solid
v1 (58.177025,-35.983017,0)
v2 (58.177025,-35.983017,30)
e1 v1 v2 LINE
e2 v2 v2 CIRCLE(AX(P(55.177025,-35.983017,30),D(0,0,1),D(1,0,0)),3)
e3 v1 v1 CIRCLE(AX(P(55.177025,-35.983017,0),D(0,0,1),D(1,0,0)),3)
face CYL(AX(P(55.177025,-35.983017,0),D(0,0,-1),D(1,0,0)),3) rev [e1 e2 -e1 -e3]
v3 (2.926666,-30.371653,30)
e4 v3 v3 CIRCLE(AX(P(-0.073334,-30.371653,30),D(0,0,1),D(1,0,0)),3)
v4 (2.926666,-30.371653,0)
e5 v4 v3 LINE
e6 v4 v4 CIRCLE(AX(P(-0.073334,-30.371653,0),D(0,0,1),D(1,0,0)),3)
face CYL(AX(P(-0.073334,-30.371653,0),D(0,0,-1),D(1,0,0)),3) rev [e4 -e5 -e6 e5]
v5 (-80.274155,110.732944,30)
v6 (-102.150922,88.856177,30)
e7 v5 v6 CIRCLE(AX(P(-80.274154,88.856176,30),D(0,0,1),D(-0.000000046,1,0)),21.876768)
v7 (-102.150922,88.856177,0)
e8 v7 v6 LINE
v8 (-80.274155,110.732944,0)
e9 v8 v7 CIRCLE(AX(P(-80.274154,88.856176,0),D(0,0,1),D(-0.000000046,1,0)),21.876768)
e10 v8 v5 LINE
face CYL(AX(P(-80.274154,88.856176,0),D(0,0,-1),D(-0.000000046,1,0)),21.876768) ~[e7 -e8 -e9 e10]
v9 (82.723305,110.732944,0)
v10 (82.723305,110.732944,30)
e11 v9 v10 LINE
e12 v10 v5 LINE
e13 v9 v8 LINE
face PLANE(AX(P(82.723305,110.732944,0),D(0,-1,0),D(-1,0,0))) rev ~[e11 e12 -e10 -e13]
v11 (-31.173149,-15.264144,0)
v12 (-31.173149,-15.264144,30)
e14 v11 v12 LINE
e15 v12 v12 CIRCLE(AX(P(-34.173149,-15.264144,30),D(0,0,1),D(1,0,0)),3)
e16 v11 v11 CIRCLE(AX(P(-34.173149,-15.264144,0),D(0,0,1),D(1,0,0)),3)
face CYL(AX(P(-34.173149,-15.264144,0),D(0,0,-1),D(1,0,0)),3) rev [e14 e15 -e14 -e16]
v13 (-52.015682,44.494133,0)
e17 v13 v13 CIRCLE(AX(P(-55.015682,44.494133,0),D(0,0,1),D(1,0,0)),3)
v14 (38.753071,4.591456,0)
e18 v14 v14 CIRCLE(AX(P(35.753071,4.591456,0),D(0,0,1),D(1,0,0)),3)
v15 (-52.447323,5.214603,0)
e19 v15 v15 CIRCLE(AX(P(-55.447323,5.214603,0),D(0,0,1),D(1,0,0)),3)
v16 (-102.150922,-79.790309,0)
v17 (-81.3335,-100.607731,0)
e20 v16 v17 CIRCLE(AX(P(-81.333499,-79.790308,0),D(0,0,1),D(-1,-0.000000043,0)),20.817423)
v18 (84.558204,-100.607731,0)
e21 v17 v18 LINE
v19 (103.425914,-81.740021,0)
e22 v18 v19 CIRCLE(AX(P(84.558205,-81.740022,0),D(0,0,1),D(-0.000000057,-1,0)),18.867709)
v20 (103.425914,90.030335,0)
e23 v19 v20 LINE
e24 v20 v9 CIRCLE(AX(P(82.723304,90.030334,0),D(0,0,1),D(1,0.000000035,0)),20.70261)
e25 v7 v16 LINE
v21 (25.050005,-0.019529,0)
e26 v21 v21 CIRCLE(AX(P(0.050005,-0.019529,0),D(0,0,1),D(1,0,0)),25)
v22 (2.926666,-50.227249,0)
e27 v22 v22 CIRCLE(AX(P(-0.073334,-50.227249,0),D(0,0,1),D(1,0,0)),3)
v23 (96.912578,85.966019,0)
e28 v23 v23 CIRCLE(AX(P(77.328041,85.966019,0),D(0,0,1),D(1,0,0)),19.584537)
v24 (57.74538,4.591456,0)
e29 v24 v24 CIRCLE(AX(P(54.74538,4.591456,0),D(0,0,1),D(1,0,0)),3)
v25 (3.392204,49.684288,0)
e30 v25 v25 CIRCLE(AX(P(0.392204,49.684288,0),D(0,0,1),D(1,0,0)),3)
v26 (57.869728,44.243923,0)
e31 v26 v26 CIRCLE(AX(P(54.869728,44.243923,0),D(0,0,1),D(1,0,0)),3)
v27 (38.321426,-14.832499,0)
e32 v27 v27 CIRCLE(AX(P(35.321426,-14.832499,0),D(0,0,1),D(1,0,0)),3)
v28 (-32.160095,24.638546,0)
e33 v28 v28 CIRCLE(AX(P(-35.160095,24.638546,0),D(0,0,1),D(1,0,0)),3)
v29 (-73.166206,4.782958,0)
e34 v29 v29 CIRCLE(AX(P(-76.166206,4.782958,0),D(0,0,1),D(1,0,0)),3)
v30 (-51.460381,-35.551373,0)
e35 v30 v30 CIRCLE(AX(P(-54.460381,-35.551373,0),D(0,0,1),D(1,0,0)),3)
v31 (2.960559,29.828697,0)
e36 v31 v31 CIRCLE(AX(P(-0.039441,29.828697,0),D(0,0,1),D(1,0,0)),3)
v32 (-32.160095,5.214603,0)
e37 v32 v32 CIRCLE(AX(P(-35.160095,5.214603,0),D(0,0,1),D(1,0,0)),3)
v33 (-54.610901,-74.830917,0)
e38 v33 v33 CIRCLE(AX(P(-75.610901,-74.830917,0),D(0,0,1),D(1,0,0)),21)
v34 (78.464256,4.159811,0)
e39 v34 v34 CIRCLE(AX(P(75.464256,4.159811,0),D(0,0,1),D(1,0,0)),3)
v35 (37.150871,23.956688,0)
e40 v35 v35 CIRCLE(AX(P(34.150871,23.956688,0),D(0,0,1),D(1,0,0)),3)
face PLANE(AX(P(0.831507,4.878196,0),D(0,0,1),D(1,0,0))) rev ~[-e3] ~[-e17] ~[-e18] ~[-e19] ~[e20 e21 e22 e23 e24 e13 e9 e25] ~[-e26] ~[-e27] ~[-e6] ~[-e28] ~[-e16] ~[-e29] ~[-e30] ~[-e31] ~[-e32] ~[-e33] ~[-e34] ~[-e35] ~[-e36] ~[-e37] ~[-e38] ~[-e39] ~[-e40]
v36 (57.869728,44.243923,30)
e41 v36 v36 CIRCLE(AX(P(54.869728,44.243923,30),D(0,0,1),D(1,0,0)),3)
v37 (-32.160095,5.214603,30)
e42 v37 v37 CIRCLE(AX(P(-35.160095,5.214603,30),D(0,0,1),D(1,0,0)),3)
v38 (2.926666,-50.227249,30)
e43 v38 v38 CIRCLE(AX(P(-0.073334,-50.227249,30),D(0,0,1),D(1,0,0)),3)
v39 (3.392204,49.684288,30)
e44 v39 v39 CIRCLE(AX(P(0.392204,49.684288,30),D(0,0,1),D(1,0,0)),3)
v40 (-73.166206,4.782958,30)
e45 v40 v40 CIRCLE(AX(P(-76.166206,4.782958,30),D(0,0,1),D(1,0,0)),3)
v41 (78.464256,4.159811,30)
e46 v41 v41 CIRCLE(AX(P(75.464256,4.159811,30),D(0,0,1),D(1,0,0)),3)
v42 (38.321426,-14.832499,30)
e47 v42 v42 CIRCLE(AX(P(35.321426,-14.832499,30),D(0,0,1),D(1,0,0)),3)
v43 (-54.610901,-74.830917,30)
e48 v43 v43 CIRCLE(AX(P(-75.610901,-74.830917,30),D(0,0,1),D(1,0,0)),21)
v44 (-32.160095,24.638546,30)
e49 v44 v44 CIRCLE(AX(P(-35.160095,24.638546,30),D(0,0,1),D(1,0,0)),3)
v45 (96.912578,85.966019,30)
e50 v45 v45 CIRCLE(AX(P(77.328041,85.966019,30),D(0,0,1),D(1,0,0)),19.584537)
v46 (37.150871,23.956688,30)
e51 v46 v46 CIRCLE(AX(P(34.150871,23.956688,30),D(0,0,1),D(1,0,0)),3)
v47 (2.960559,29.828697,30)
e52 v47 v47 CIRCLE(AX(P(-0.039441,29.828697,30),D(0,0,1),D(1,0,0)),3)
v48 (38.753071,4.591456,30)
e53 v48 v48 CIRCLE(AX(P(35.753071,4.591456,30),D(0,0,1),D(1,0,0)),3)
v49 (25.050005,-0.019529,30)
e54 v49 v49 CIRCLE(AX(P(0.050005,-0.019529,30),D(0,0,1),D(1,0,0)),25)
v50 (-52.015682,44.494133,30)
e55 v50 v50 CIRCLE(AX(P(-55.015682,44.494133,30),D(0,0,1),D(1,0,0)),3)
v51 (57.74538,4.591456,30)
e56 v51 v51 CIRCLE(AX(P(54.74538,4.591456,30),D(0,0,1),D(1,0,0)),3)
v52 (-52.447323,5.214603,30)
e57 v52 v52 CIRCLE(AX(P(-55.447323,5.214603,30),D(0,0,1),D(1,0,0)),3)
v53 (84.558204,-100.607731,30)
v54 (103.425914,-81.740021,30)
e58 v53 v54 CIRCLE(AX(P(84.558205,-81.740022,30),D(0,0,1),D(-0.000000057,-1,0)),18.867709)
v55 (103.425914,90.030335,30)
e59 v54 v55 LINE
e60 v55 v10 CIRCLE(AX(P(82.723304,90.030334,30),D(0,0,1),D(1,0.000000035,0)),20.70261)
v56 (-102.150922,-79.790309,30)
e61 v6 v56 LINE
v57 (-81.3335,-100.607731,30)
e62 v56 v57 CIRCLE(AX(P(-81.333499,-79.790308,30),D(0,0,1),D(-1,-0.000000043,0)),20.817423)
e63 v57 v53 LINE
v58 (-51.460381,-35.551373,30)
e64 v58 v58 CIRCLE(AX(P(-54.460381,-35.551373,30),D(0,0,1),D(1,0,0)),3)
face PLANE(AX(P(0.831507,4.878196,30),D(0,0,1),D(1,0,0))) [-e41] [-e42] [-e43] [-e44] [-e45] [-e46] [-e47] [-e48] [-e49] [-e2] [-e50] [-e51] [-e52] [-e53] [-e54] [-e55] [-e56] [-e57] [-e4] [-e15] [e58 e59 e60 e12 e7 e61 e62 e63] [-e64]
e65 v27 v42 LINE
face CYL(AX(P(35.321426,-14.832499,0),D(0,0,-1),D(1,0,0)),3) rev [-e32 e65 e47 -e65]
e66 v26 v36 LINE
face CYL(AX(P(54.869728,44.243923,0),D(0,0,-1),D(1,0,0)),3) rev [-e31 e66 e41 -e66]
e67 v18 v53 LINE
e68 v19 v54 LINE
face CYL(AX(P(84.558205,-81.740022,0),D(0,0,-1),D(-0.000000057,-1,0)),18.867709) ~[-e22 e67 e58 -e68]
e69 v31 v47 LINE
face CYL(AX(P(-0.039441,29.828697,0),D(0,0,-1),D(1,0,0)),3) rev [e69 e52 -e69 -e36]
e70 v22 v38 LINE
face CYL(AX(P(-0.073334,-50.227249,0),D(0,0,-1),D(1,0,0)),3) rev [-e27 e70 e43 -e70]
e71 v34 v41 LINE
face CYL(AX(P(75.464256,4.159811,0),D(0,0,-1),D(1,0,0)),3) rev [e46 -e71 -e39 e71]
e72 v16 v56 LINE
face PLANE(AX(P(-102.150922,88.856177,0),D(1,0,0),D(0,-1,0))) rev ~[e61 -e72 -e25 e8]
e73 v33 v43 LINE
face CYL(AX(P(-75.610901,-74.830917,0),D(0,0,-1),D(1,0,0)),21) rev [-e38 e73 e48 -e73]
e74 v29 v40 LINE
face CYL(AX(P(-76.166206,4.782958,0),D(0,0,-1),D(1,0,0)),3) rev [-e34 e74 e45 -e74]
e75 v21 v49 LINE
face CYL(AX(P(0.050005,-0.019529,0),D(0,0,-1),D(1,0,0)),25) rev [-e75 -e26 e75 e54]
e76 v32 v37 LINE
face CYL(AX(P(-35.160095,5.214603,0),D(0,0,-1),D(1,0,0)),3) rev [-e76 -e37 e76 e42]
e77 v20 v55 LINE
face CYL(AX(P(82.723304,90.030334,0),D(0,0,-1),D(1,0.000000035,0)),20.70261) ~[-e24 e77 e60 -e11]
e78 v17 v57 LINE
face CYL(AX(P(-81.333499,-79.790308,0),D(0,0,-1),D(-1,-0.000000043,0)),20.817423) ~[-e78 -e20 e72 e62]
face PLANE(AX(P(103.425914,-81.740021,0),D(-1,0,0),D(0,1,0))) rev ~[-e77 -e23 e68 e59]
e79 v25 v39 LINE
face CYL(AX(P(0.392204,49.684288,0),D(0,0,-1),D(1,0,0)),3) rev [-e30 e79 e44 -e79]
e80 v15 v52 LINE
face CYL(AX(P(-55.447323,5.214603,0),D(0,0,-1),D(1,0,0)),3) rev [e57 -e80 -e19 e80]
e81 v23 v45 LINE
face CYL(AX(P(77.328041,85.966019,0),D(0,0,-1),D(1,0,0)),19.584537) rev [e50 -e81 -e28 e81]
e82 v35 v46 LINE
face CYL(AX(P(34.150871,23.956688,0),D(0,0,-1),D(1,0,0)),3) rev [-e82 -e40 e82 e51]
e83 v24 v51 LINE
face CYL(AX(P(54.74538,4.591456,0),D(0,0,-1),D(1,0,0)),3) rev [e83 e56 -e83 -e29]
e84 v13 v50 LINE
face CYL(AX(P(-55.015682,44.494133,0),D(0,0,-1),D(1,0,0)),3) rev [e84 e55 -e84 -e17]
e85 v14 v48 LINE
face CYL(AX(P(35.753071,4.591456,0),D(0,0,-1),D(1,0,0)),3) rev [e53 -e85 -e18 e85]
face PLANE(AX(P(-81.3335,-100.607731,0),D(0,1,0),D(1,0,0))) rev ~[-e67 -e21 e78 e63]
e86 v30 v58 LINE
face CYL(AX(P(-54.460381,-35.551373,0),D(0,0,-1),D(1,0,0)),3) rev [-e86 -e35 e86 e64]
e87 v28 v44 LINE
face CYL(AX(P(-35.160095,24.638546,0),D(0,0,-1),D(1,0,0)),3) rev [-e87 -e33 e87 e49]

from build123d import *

# Parameters (mm, degrees)
SKETCH_R   = 25
SKETCH_R_2 = 21
SKETCH_R_3 = 19.584537
SKETCH_R_4 = 3
PAD_DEPTH  = 30


with BuildPart() as part:
    # Sketch → Pad (new body)
    with BuildSketch(Plane.XY):
        with BuildLine():
            Line((-81.3335, -100.607731), (84.558204, -100.607731))
            ThreePointArc((84.558204, -100.607731), (97.89969, -95.081507), (103.425914, -81.740021))
            Line((103.425914, -81.740021), (103.425914, 90.030335))
            ThreePointArc((103.425914, 90.030335), (97.36226, 104.66929), (82.723305, 110.732944))
            Line((82.723305, 110.732944), (-80.274155, 110.732944))
            ThreePointArc((-80.274155, 110.732944), (-95.743365, 104.325387), (-102.150922, 88.856177))
            Line((-102.150922, 88.856177), (-102.150922, -79.790309))
            ThreePointArc((-102.150922, -79.790309), (-96.05364, -94.510449), (-81.3335, -100.607731))
        make_face()
        with Locations((0.050005, -0.019529)):
            Circle(SKETCH_R, mode=Mode.SUBTRACT)
        with Locations((-75.610901, -74.830917)):
            Circle(SKETCH_R_2, mode=Mode.SUBTRACT)
        with Locations((77.328041, 85.966019)):
            Circle(SKETCH_R_3, mode=Mode.SUBTRACT)
        with Locations((-35.160095, 24.638546)):
            Circle(SKETCH_R_4, mode=Mode.SUBTRACT)
        with Locations((-35.160095, 5.214603)):
            Circle(SKETCH_R_4, mode=Mode.SUBTRACT)
        with Locations((-55.447323, 5.214603)):
            Circle(SKETCH_R_4, mode=Mode.SUBTRACT)
        with Locations((-76.166206, 4.782958)):
            Circle(SKETCH_R_4, mode=Mode.SUBTRACT)
        with Locations((-55.015682, 44.494133)):
            Circle(SKETCH_R_4, mode=Mode.SUBTRACT)
        with Locations((-0.039441, 29.828697)):
            Circle(SKETCH_R_4, mode=Mode.SUBTRACT)
        with Locations((0.392204, 49.684288)):
            Circle(SKETCH_R_4, mode=Mode.SUBTRACT)
        with Locations((34.150871, 23.956688)):
            Circle(SKETCH_R_4, mode=Mode.SUBTRACT)
        with Locations((54.869728, 44.243923)):
            Circle(SKETCH_R_4, mode=Mode.SUBTRACT)
        with Locations((35.753071, 4.591456)):
            Circle(SKETCH_R_4, mode=Mode.SUBTRACT)
        with Locations((54.74538, 4.591456)):
            Circle(SKETCH_R_4, mode=Mode.SUBTRACT)
        with Locations((75.464256, 4.159811)):
            Circle(SKETCH_R_4, mode=Mode.SUBTRACT)
        with Locations((-34.173149, -15.264144)):
            Circle(SKETCH_R_4, mode=Mode.SUBTRACT)
        with Locations((-54.460381, -35.551373)):
            Circle(SKETCH_R_4, mode=Mode.SUBTRACT)
        with Locations((-0.073334, -30.371653)):
            Circle(SKETCH_R_4, mode=Mode.SUBTRACT)
        with Locations((-0.073334, -50.227249)):
            Circle(SKETCH_R_4, mode=Mode.SUBTRACT)
        with Locations((35.321426, -14.832499)):
            Circle(SKETCH_R_4, mode=Mode.SUBTRACT)
        with Locations((55.177025, -35.983017)):
            Circle(SKETCH_R_4, mode=Mode.SUBTRACT)
    extrude(amount=PAD_DEPTH)


solid = part.part
